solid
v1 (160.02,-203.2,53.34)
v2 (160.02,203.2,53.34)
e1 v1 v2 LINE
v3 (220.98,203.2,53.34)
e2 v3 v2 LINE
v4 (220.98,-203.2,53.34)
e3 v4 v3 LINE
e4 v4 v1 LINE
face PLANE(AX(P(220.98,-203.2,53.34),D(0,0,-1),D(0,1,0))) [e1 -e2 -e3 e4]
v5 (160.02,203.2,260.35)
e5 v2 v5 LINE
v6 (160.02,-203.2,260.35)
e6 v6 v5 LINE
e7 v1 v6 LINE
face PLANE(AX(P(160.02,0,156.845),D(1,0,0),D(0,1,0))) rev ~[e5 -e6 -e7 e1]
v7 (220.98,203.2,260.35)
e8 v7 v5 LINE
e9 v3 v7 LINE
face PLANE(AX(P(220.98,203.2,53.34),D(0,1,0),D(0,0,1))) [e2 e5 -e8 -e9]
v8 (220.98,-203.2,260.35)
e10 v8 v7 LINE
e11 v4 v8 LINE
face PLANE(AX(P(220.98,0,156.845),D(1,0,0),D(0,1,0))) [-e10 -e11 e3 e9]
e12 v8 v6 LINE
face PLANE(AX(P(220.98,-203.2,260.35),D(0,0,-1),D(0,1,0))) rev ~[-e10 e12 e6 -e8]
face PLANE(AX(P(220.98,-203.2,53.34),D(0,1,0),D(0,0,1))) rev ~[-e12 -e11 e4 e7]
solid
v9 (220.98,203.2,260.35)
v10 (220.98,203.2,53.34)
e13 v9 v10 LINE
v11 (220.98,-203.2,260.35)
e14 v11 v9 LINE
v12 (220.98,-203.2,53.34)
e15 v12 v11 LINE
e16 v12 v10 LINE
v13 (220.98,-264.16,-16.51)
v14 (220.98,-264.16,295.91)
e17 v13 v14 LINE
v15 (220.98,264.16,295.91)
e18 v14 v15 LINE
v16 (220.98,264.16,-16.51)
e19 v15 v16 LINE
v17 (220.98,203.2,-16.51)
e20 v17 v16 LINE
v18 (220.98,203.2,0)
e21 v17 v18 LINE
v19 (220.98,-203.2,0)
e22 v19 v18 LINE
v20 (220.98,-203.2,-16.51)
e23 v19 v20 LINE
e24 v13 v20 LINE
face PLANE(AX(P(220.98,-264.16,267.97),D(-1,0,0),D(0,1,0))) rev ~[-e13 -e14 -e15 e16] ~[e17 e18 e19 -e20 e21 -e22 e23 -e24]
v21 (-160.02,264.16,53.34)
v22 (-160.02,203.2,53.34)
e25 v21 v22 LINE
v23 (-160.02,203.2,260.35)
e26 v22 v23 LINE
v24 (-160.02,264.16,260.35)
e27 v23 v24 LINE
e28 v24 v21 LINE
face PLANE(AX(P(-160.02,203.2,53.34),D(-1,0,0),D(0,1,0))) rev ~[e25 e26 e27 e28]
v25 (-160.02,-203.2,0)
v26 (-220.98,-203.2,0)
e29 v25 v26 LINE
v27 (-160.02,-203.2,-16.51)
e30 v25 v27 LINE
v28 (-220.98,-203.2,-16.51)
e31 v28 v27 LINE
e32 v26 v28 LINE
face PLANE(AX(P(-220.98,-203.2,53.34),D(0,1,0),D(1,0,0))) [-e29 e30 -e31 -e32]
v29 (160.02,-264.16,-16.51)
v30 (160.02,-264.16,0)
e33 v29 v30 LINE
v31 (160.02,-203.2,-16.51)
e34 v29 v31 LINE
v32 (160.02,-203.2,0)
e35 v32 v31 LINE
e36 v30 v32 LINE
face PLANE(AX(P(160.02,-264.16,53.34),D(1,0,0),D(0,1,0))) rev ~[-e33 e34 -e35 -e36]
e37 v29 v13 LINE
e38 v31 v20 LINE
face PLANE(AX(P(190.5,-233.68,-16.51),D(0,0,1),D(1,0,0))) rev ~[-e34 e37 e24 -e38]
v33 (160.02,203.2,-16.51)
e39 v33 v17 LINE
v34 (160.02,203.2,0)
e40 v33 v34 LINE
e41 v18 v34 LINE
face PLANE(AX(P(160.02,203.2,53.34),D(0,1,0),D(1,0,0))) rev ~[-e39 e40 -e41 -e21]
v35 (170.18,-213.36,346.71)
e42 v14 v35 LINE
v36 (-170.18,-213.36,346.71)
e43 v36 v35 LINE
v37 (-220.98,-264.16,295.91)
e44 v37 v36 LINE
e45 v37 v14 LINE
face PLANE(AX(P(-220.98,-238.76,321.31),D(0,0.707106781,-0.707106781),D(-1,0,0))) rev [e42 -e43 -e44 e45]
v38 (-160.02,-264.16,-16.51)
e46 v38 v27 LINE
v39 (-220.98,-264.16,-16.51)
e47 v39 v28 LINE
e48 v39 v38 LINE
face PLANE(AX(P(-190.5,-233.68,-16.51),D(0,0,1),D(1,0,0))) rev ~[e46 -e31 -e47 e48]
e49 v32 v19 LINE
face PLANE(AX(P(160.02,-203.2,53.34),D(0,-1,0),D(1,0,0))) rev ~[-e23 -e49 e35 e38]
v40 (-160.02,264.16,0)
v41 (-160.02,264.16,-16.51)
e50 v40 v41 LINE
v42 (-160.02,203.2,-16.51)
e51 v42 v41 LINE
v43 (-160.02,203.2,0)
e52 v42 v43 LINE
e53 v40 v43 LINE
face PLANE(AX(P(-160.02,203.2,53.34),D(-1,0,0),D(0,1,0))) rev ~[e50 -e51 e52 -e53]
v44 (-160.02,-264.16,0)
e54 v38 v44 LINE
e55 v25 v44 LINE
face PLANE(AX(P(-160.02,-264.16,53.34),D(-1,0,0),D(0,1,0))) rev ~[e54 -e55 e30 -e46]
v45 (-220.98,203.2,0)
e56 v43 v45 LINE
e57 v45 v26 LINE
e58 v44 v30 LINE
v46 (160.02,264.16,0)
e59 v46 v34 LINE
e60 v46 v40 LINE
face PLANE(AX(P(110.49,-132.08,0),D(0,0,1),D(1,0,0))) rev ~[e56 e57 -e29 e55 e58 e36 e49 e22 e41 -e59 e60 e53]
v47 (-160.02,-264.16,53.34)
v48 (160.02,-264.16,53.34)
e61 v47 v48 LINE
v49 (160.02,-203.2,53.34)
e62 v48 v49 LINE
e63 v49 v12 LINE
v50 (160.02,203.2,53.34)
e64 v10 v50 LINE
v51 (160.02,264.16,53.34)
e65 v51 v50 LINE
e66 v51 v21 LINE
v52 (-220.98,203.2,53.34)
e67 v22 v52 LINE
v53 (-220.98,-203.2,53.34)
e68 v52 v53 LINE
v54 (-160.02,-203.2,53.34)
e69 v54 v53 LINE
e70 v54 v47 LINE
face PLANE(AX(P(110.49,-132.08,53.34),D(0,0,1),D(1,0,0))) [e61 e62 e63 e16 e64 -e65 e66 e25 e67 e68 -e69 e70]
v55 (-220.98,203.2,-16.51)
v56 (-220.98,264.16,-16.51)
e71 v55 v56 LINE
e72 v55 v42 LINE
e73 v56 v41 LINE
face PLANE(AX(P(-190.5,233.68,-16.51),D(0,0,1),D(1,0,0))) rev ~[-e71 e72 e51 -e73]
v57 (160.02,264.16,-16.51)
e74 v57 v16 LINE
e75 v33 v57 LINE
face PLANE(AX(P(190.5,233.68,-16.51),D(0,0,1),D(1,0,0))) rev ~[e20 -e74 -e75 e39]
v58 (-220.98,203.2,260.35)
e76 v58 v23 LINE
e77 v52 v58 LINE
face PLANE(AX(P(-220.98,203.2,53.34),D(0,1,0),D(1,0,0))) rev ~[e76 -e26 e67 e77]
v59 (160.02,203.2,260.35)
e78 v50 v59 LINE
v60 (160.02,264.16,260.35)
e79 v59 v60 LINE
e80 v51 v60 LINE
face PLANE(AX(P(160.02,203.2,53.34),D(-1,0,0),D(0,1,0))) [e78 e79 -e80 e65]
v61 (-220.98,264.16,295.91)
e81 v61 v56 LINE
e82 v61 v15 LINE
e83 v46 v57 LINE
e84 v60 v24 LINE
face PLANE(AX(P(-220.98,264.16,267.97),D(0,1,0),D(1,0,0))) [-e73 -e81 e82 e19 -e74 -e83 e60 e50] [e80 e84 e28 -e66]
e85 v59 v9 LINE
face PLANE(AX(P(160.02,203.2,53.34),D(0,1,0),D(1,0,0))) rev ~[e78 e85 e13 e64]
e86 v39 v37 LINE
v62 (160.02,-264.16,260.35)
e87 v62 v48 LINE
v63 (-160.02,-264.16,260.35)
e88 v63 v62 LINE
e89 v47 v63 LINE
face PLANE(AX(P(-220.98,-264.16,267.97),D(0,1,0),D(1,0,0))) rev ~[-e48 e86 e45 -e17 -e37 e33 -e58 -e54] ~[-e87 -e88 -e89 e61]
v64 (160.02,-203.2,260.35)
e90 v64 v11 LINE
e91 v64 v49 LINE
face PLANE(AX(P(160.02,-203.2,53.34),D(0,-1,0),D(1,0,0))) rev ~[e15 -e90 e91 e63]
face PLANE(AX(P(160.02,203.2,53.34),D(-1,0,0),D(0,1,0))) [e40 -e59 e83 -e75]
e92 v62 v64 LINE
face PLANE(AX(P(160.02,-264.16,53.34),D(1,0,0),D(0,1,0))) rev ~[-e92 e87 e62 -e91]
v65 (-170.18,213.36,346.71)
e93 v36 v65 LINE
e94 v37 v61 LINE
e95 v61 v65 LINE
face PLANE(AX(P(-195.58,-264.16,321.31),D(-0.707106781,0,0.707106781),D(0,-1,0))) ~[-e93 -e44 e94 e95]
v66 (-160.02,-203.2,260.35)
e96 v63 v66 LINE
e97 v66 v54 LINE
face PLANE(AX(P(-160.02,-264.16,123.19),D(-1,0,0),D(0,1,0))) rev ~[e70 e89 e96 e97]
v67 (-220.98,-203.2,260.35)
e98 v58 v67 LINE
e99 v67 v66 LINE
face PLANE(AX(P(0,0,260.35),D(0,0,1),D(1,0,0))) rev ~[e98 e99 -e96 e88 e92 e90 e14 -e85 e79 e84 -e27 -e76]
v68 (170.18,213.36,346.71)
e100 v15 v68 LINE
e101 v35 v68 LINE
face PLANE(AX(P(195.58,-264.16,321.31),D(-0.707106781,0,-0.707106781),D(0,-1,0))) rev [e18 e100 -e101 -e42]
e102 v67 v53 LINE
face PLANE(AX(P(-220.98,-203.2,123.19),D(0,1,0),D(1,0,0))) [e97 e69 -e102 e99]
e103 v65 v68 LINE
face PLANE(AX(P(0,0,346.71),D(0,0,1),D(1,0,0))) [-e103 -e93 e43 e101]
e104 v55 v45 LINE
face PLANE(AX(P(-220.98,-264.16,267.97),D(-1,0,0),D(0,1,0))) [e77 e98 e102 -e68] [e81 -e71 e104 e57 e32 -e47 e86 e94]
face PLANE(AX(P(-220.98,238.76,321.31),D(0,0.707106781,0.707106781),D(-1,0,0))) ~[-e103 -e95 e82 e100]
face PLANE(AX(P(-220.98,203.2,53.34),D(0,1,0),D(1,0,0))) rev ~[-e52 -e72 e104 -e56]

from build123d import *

# Parameters (mm, degrees)
F0_W      = 220.98
F0_H      = 264.16
F1_DEPTH  = 53.34
F2_W      = 60.96
F2_H      = 60.96
F3_DEPTH  = 69.85
F4_W      = 60.96
F4_H      = 60.96
F5_DEPTH  = 137.16
F6_W      = 60.96
F6_H      = 60.96
F7_DEPTH  = 7.62
F8_W      = 441.96
F8_H      = 528.32
F9_DEPTH  = 78.74
F10_SIZE  = 50.8
F11_W     = 406.4
F11_H     = 207.01
F12_DEPTH = 60.96


with BuildPart() as f1:
    # F0 (on Top) → F1 (new body)
    with BuildSketch(Plane.XY):
        with Locations((110.49, -132.08)):
            Rectangle(F0_W, F0_H)
        with Locations((110.49, 132.08)):
            Rectangle(F0_W, F0_H)
        with Locations((-110.49, 132.08)):
            Rectangle(F0_W, F0_H)
        with Locations((-110.49, -132.08)):
            Rectangle(F0_W, F0_H)
    extrude(amount=F1_DEPTH)

    # F2 (on face) → F3 (join, symmetric)
    with BuildSketch(Plane.XY.offset(53.34)):
        with Locations((-190.5, -233.68)):
            Rectangle(F2_W, F2_H)
        with Locations((-190.5, 233.68)):
            Rectangle(F2_W, F2_H)
        with Locations((190.5, 233.68)):
            Rectangle(F2_W, F2_H)
        with Locations((190.5, -233.68)):
            Rectangle(F2_W, F2_H)
    extrude(amount=F3_DEPTH, both=True)

    # F4 (on face) → F5 (join)
    with BuildSketch(Plane.XY.offset(123.19)):
        with Locations((-190.5, -233.68)):
            Rectangle(F4_W, F4_H)
        with Locations((-190.5, 233.68)):
            Rectangle(F4_W, F4_H)
        with Locations((190.5, 233.68)):
            Rectangle(F4_W, F4_H)
        with Locations((190.5, -233.68)):
            Rectangle(F4_W, F4_H)
    extrude(amount=F5_DEPTH)

    # F6 (on face) → F7 (join)
    with BuildSketch(Plane.XY.offset(260.35)):
        Polygon((-160.02, 264.16), (-160.02, 203.2), (-220.98, 203.2), (-220.98, -203.2), (-160.02, -203.2), (-160.02, -264.16), (160.02, -264.16), (160.02, -203.2), (220.98, -203.2), (220.98, 203.2), (160.02, 203.2), (160.02, 264.16), align=None)
        with Locations((-190.5, 233.68)):
            Rectangle(F6_W, F6_H)
        with Locations((-190.5, -233.68)):
            Rectangle(F6_W, F6_H)
        with Locations((190.5, 233.68)):
            Rectangle(F6_W, F6_H)
        with Locations((190.5, -233.68)):
            Rectangle(F6_W, F6_H)
    extrude(amount=F7_DEPTH)

    # F8 (on face) → F9 (join)
    with BuildSketch(Plane.XY.offset(267.97)):
        Rectangle(F8_W, F8_H)
    extrude(amount=F9_DEPTH)

    # F10
    f10_edges = [f1.edges().sort_by_distance(p)[0] for p in [
        (-220.98, 0, 346.71),
        (0, 264.16, 346.71),
        (220.98, 0, 346.71),
        (0, -264.16, 346.71),
    ]]
    chamfer(f10_edges, length=F10_SIZE)


with BuildPart() as f12:
    # F11 (on face) → F12 (new body)
    with BuildSketch(Plane.YZ.offset(220.98)):
        with Locations((0, 156.845)):
            Rectangle(F11_W, F11_H)
    extrude(amount=-F12_DEPTH)


solid = Compound([f1.part, f12.part])
